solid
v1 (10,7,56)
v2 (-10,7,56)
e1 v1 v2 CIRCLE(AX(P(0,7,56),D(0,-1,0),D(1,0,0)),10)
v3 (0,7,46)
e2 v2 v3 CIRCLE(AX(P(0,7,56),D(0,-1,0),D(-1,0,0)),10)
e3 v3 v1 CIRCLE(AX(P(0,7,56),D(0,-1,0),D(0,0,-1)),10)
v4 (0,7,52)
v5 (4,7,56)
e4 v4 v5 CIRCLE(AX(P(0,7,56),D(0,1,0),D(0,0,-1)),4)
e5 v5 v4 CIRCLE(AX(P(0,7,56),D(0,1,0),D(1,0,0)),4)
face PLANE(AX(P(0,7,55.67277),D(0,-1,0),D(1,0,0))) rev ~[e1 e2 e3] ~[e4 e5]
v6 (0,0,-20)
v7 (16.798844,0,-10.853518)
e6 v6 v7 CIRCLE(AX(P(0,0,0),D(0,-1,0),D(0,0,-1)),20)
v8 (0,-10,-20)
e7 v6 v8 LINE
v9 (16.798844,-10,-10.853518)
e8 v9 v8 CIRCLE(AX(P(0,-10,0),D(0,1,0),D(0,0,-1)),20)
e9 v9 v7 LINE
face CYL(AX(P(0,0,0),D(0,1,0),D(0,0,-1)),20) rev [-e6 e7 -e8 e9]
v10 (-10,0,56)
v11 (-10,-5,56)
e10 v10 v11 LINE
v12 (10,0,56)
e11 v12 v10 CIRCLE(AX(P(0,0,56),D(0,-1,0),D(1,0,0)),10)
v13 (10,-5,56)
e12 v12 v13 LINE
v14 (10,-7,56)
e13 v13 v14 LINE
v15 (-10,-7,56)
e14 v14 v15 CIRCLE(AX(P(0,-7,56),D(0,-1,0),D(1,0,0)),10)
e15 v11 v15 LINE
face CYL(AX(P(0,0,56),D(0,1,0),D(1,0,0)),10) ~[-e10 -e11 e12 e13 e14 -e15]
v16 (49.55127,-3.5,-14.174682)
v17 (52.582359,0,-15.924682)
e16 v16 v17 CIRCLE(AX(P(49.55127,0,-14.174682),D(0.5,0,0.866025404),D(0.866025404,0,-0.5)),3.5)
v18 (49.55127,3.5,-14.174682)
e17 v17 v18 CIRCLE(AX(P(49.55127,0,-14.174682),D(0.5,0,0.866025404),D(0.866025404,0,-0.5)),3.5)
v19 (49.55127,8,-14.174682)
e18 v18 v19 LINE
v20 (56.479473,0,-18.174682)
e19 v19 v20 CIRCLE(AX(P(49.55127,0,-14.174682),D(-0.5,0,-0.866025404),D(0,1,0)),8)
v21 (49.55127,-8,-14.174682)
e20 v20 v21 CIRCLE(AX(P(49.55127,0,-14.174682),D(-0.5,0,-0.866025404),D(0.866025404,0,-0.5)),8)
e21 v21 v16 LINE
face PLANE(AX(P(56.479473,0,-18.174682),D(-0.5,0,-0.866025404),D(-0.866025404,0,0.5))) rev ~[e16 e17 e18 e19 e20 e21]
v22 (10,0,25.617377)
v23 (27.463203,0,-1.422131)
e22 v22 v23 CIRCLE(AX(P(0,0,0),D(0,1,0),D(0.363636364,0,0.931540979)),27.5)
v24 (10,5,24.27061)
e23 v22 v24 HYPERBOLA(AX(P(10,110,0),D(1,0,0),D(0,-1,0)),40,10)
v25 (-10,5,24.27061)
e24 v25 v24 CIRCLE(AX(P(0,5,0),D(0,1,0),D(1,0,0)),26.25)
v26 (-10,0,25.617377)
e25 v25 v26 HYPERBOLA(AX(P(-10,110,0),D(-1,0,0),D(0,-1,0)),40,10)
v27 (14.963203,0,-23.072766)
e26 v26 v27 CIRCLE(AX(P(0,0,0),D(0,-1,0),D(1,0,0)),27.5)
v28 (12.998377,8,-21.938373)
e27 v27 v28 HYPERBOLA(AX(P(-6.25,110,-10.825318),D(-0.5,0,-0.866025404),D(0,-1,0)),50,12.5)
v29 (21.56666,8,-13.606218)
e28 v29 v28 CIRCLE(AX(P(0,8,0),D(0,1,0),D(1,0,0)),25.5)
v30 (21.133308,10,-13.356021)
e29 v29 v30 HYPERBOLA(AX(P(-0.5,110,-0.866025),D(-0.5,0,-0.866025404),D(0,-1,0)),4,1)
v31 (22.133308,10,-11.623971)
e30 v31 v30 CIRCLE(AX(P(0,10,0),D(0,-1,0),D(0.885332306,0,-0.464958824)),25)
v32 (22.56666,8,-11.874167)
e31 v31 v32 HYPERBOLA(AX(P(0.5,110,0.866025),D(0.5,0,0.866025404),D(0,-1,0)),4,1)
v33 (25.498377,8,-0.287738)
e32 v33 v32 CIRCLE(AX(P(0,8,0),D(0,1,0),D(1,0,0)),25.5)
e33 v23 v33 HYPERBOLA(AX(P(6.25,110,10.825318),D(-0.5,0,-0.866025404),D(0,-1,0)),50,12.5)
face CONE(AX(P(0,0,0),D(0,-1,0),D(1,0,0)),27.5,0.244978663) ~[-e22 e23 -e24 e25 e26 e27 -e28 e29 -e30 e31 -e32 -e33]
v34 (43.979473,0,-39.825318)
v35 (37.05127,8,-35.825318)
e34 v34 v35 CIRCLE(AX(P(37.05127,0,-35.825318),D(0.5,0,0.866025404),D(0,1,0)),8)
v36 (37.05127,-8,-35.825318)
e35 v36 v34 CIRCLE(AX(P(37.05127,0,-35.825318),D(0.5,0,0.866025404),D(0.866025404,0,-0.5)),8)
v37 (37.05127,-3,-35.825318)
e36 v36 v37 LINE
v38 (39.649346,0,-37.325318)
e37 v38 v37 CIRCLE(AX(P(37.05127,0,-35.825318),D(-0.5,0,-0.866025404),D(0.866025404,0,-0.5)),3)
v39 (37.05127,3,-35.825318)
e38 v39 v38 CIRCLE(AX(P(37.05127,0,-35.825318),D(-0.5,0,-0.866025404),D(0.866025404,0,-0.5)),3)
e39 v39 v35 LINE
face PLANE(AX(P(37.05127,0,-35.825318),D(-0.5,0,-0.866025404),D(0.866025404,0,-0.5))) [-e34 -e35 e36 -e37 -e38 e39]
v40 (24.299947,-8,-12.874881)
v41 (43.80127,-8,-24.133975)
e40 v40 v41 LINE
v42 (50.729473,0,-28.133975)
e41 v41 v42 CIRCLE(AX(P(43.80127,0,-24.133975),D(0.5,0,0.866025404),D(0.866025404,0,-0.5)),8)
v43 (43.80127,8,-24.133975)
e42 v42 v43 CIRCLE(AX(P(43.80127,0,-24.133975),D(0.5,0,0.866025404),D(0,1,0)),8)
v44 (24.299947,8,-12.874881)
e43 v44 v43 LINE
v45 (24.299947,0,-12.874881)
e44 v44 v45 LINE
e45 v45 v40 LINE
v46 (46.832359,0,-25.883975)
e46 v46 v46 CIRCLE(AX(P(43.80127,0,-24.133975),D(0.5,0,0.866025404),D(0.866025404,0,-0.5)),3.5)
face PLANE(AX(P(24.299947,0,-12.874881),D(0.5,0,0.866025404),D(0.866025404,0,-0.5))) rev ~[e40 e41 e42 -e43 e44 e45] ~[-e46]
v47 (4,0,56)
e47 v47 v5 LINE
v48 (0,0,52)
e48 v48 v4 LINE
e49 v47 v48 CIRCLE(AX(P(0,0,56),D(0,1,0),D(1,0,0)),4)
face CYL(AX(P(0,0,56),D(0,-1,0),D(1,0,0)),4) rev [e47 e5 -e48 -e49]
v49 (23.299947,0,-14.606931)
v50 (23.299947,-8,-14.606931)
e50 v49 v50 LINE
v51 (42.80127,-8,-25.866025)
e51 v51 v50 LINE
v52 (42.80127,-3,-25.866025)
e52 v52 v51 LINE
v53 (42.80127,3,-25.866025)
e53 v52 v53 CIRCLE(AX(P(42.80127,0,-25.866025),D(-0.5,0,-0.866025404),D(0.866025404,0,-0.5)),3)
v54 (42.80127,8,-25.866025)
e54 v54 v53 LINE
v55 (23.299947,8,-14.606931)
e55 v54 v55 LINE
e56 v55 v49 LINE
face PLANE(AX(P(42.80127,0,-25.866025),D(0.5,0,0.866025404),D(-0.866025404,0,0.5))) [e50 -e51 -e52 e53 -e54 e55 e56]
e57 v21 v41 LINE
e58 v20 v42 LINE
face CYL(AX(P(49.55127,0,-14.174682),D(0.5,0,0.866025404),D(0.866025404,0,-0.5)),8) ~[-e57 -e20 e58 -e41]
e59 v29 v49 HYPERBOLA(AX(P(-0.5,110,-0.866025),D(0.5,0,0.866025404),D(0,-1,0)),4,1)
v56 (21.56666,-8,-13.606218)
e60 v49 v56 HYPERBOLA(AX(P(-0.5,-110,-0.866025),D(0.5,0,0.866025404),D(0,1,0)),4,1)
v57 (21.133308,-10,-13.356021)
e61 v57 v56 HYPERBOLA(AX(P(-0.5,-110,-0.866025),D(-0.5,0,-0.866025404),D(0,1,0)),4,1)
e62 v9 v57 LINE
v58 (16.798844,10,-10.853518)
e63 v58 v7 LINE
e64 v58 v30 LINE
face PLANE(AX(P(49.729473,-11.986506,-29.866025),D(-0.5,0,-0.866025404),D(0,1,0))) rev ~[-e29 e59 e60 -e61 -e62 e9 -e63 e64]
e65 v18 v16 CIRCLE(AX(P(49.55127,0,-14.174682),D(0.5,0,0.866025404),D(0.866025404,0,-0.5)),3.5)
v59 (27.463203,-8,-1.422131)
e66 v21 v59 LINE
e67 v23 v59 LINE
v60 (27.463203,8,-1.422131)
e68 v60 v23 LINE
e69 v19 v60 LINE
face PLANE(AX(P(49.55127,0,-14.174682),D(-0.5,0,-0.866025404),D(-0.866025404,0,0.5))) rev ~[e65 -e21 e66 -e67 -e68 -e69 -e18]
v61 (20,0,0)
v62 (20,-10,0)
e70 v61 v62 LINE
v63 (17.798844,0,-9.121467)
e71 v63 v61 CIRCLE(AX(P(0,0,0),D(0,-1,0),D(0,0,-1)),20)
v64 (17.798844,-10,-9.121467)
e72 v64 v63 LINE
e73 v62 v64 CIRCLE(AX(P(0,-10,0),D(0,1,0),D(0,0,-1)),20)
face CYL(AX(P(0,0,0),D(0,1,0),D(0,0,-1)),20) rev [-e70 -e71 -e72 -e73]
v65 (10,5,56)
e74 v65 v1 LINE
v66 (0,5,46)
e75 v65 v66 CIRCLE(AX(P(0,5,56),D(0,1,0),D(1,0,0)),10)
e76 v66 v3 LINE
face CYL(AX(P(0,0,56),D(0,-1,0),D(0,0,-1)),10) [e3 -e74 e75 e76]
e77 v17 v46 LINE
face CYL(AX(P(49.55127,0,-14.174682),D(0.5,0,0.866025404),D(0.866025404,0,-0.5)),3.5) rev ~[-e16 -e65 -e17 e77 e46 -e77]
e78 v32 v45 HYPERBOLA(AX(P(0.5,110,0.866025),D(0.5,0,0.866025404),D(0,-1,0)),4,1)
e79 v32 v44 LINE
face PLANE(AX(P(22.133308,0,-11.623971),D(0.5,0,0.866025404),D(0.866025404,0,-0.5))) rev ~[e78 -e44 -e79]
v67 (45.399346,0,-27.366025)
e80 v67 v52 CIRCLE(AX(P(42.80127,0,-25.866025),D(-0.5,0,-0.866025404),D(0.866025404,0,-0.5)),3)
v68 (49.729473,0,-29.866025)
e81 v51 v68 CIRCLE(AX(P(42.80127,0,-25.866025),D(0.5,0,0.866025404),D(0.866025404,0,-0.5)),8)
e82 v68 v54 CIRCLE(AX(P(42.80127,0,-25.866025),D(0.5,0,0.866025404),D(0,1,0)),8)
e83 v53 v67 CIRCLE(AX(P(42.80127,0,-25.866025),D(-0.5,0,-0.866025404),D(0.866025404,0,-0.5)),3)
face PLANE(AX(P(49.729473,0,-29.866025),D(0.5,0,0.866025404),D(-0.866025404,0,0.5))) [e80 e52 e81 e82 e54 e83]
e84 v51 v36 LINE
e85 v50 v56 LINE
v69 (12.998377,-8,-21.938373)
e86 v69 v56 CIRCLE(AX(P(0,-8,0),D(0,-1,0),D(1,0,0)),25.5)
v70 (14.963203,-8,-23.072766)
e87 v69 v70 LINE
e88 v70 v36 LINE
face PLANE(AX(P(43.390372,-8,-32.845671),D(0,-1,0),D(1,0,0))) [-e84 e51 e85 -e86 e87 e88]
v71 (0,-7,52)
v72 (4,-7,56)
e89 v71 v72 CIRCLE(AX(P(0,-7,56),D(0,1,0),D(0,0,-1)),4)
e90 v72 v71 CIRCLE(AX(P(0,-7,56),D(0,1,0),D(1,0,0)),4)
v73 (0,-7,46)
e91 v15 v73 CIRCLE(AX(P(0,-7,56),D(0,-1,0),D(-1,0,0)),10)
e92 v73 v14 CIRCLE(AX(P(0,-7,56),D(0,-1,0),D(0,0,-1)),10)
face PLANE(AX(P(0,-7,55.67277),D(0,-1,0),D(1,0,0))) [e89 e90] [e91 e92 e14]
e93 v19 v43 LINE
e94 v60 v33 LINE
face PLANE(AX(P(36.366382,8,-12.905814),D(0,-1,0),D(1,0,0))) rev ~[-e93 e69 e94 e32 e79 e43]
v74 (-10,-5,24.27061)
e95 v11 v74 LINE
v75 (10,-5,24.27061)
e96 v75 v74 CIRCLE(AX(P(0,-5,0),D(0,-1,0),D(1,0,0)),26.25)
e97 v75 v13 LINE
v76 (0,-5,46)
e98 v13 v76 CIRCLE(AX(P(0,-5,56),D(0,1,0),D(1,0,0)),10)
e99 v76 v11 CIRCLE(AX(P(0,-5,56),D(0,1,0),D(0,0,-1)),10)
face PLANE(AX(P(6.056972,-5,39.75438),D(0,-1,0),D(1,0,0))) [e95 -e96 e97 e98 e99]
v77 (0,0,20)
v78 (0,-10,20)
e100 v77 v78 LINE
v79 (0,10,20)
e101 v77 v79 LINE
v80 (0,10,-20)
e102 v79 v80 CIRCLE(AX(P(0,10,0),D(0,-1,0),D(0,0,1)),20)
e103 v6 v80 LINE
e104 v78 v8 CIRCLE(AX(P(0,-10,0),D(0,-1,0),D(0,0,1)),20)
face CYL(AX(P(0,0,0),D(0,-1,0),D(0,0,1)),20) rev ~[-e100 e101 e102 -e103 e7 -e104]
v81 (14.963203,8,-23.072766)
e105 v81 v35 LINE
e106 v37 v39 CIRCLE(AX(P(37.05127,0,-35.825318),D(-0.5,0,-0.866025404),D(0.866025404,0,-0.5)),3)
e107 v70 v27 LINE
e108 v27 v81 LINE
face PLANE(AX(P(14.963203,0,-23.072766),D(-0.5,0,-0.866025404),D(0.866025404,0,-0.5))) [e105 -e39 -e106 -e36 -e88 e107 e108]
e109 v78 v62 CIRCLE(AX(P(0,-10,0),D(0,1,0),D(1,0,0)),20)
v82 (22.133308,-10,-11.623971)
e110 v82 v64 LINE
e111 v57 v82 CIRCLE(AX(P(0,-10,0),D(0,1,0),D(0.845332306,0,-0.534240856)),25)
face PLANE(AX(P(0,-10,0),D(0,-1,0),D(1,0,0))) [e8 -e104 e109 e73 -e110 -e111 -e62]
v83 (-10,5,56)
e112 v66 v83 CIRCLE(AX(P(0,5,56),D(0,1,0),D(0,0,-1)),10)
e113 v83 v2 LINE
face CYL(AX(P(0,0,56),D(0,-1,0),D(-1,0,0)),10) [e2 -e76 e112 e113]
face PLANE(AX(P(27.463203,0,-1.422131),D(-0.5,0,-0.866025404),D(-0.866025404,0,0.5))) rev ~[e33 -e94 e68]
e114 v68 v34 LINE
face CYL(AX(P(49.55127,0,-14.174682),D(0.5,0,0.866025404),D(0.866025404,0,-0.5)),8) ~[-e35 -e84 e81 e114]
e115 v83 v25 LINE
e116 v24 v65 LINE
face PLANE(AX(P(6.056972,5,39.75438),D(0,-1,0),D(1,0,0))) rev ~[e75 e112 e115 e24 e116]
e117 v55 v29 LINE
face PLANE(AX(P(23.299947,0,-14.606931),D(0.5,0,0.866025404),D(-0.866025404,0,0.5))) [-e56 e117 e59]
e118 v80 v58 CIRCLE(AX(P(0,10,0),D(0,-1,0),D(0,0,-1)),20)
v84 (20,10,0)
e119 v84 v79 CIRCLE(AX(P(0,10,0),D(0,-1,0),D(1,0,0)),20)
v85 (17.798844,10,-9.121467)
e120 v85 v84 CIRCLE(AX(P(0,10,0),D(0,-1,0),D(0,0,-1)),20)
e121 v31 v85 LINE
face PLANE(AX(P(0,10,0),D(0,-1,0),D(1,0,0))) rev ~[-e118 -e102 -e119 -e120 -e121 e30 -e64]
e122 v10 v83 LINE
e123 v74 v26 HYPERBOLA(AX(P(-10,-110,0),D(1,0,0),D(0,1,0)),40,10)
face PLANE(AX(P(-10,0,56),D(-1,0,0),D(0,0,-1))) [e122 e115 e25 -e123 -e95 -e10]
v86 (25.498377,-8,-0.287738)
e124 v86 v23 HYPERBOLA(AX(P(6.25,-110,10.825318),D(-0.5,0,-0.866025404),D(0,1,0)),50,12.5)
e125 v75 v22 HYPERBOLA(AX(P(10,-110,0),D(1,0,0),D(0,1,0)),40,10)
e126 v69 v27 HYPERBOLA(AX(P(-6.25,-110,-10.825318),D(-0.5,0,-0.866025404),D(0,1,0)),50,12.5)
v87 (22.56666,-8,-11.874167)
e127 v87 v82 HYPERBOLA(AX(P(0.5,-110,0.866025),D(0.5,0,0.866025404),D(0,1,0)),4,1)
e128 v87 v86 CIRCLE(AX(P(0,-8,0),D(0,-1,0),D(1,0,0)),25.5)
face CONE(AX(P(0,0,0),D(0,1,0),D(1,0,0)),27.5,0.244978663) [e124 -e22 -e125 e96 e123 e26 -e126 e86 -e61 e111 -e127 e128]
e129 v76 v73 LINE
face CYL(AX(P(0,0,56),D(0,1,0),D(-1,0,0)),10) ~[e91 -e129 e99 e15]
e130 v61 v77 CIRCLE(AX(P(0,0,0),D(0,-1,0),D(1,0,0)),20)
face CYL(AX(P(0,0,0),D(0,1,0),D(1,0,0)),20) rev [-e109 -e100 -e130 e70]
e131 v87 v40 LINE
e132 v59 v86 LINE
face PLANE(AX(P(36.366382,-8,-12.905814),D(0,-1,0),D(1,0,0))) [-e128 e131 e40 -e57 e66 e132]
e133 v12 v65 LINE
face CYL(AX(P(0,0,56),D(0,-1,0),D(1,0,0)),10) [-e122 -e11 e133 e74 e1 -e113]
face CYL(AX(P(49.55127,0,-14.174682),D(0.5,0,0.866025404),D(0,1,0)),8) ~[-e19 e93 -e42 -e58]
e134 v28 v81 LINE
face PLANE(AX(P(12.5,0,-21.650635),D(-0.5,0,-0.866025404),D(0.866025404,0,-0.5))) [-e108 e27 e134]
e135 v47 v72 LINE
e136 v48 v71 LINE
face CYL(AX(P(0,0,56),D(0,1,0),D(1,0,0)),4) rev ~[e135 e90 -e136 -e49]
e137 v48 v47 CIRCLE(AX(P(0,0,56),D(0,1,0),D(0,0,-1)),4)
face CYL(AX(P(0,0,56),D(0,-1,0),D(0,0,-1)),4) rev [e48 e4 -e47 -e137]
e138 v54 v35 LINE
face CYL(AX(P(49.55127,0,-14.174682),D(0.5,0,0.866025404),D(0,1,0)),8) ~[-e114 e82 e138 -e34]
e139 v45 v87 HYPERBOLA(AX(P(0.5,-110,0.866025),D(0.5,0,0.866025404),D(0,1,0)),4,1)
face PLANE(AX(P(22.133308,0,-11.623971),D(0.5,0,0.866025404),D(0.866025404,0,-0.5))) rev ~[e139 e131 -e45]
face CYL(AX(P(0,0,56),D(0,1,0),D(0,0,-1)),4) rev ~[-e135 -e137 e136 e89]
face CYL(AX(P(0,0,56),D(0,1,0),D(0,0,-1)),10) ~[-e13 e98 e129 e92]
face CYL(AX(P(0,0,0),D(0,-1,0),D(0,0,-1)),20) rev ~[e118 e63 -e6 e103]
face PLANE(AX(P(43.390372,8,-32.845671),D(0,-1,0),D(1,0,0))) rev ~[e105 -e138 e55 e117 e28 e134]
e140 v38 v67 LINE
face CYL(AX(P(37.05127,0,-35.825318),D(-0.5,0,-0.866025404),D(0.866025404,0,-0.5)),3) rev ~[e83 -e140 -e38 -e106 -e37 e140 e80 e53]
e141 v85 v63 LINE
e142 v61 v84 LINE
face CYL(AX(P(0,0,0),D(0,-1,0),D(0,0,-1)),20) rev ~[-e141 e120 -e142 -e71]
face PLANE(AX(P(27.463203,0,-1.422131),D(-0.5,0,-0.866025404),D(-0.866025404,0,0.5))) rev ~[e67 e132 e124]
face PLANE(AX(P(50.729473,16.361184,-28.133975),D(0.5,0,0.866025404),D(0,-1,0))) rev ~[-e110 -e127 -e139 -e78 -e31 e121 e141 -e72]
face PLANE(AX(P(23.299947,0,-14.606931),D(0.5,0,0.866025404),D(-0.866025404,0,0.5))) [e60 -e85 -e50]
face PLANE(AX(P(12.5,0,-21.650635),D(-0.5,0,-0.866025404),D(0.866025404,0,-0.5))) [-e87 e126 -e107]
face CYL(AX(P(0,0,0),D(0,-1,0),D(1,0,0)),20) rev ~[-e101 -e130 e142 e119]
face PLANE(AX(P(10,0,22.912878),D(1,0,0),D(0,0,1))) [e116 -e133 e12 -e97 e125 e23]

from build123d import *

# Parameters (mm, degrees)
F1_DEPTH  = 7
F4_R      = 27.5
F3_R      = 25
F7_R      = 25
F9_DEPTH  = 5
F10_DEPTH = 24.4
F11_DEPTH = 8
F14_DEPTH = 48.7
F15_DEPTH = 60.7407367097
F12_R     = 3.5
F16_DEPTH = 12
F17_R     = 3
F18_DEPTH = 12


with BuildPart() as f1:
    # F0 (on Front) → F1 (new body, symmetric)
    with BuildSketch(Plane.XZ):
        with BuildLine():
            ThreePointArc((-10, 56), (-7.0710678119, 48.9289321881), (0, 46))
            ThreePointArc((0, 46), (7.0710678119, 48.9289321881), (10, 56))
            ThreePointArc((10, 56), (0, 66), (-10, 56))
        make_face()
        with BuildLine():
            ThreePointArc((4, 56), (2.8284271247, 53.1715728753), (0, 52))
            ThreePointArc((0, 52), (-2.8284271247, 58.8284271247), (4, 56))
        make_face(mode=Mode.SUBTRACT)
    extrude(amount=F1_DEPTH, both=True)



with BuildPart() as f5:
    # F4 (on Front) → F5 section 0
    with BuildSketch(Plane.XZ):
        Circle(F4_R)
    # F3 (on offset) → F5 section 1
    with BuildSketch(Plane.XZ.offset(10)):
        Circle(F3_R)
    loft()

    # F4 (on Front) → F8 section 0
    with BuildSketch(Plane.XZ):
        Circle(F4_R)
    # F7 (on offset) → F8 section 1
    with BuildSketch(Plane.XZ.offset(-10)):
        Circle(F7_R)
    loft()


with BuildPart() as f1_1:
    add(f1.part)

    add(f5.part)  # F9 merges F5
    # F0 (on Front) → F9 (join, symmetric)
    with BuildSketch(Plane.XZ):
        with BuildLine():
            Line((0, 46), (0, 27.5))
            ThreePointArc((0, 27.5), (5.0878352391, 27.0252462076), (10, 25.6173769149))
            Line((10, 25.6173769149), (10, 56))
            ThreePointArc((10, 56), (7.0710678119, 48.9289321881), (0, 46))
        make_face()
        with BuildLine():
            ThreePointArc((-10, 25.6173769149), (-5.0878352391, 27.0252462076), (0, 27.5))
            Line((0, 27.5), (0, 46))
            ThreePointArc((0, 46), (-7.0710678119, 48.9289321881), (-10, 56))
            Line((-10, 56), (-10, 25.6173769149))
        make_face()
        with BuildLine():
            ThreePointArc((-10, 22.9128784748), (-5.1077410922, 24.4726578233), (0, 25))
            Line((0, 25), (0, 27.5))
            ThreePointArc((0, 27.5), (-5.0878352391, 27.0252462076), (-10, 25.6173769149))
            Line((-10, 25.6173769149), (-10, 22.9128784748))
        make_face()
        with BuildLine():
            Line((0, 27.5), (0, 25))
            ThreePointArc((0, 25), (5.1077410922, 24.4726578233), (10, 22.9128784748))
            Line((10, 22.9128784748), (10, 25.6173769149))
            ThreePointArc((10, 25.6173769149), (5.0878352391, 27.0252462076), (0, 27.5))
        make_face()
    extrude(amount=F9_DEPTH, both=True)

    # F0 (on Front) → F10 (cut, symmetric)
    with BuildSketch(Plane.XZ):
        with BuildLine():
            Line((0, 0), (0, 20))
            ThreePointArc((0, 20), (-20, 0), (0, -20))
            Line((0, -20), (0, 0))
        make_face()
        with BuildLine():
            ThreePointArc((0, -20), (14.1421356237, -14.1421356237), (20, 0))
            ThreePointArc((20, 0), (14.1421356237, 14.1421356237), (0, 20))
            Line((0, 20), (0, 0))
            Line((0, 0), (0, -20))
        make_face()
    extrude(amount=F10_DEPTH, both=True, mode=Mode.SUBTRACT)

    # F0 (on Front) → F11 (join, symmetric)
    with BuildSketch(Plane.XZ):
        with BuildLine():
            Line((49.5512701892, -14.1746824527), (27.4632034356, -1.4221311666))
            ThreePointArc((27.4632034356, -1.4221311666), (26.5074954683, -7.3213853878), (24.2999474789, -12.8748806799))
            Line((24.2999474789, -12.8748806799), (43.8012701892, -24.1339745962))
            Line((43.8012701892, -24.1339745962), (49.5512701892, -14.1746824527))
        make_face()
        Polygon((56.4794734195, -18.1746824527), (49.5512701892, -14.1746824527), (43.8012701892, -24.1339745962), (50.7294734195, -28.1339745962), align=None)
        Polygon((42.8012701892, -25.8660254038), (37.0512701892, -35.8253175473), (43.9794734195, -39.8253175473), (49.7294734195, -29.8660254038), align=None)
        with BuildLine():
            ThreePointArc((23.2999474789, -14.6069314874), (19.5942534709, -19.2954717724), (14.9632034356, -23.0727662612))
            Line((14.9632034356, -23.0727662612), (37.0512701892, -35.8253175473))
            Line((37.0512701892, -35.8253175473), (42.8012701892, -25.8660254038))
            Line((42.8012701892, -25.8660254038), (23.2999474789, -14.6069314874))
        make_face()
        with BuildLine():
            Line((27.4632034356, -1.4221311666), (25, 0))
            ThreePointArc((25, 0), (24.2727490338, -5.9861218113), (22.1333076528, -11.623970593))
            Line((22.1333076528, -11.623970593), (24.2999474789, -12.8748806799))
            ThreePointArc((24.2999474789, -12.8748806799), (26.5074954683, -7.3213853878), (27.4632034356, -1.4221311666))
        make_face()
        with BuildLine():
            ThreePointArc((21.1333076528, -13.3560214006), (17.3205080757, -18.0277563773), (12.5, -21.6506350946))
            Line((12.5, -21.6506350946), (14.9632034356, -23.0727662612))
            ThreePointArc((14.9632034356, -23.0727662612), (19.5942534709, -19.2954717724), (23.2999474789, -14.6069314874))
            Line((23.2999474789, -14.6069314874), (21.1333076528, -13.3560214006))
        make_face()
    extrude(amount=F11_DEPTH, both=True)

    # F13 (on face) → F14 (cut)
    with BuildSketch(Plane(origin=(50.2294734195, 0, -29), x_dir=(0, 1, 0), z_dir=(0.8660254038, 0, -0.5))):
        Polygon((16.3611844182, 1), (8, 1), (-8, 1), (-11.9865061715, 1), (-11.9865061715, -1), (-8, -1), (8, -1), (16.3611844182, -1), align=None)
    extrude(amount=-F14_DEPTH, mode=Mode.SUBTRACT)

    # F12 (on face) → F15 (cut, through all)
    with BuildSketch(Plane(origin=(6.25, 0, 10.8253175473), x_dir=(0.8660254038, 0, -0.5), z_dir=(0.5, 0, 0.8660254038))):
        with BuildLine():
            ThreePointArc((58, 0), (55.6568542495, -5.6568542495), (50, -8))
            Line((50, -8), (58, -8))
            Line((58, -8), (58, 0))
        make_face()
        with BuildLine():
            Line((58, 8), (50, 8))
            ThreePointArc((50, 8), (55.6568542495, 5.6568542495), (58, 0))
            Line((58, 0), (58, 8))
        make_face()
    extrude(amount=-F15_DEPTH, mode=Mode.SUBTRACT)

    # F12 (on face) → F16 (cut)
    with BuildSketch(Plane(origin=(6.25, 0, 10.8253175473), x_dir=(0.8660254038, 0, -0.5), z_dir=(0.5, 0, 0.8660254038))):
        with Locations((50, 0)):
            Circle(F12_R)
    extrude(amount=-F16_DEPTH, mode=Mode.SUBTRACT)

    # F17 (on face) → F18 (cut)
    with BuildSketch(Plane(origin=(-6.25, 0, -10.8253175473), x_dir=(0.8660254038, 0, -0.5), z_dir=(-0.5, 0, -0.8660254038))):
        with Locations((50, 0)):
            Circle(F17_R)
    extrude(amount=-F18_DEPTH, mode=Mode.SUBTRACT)


solid = f1_1.part
